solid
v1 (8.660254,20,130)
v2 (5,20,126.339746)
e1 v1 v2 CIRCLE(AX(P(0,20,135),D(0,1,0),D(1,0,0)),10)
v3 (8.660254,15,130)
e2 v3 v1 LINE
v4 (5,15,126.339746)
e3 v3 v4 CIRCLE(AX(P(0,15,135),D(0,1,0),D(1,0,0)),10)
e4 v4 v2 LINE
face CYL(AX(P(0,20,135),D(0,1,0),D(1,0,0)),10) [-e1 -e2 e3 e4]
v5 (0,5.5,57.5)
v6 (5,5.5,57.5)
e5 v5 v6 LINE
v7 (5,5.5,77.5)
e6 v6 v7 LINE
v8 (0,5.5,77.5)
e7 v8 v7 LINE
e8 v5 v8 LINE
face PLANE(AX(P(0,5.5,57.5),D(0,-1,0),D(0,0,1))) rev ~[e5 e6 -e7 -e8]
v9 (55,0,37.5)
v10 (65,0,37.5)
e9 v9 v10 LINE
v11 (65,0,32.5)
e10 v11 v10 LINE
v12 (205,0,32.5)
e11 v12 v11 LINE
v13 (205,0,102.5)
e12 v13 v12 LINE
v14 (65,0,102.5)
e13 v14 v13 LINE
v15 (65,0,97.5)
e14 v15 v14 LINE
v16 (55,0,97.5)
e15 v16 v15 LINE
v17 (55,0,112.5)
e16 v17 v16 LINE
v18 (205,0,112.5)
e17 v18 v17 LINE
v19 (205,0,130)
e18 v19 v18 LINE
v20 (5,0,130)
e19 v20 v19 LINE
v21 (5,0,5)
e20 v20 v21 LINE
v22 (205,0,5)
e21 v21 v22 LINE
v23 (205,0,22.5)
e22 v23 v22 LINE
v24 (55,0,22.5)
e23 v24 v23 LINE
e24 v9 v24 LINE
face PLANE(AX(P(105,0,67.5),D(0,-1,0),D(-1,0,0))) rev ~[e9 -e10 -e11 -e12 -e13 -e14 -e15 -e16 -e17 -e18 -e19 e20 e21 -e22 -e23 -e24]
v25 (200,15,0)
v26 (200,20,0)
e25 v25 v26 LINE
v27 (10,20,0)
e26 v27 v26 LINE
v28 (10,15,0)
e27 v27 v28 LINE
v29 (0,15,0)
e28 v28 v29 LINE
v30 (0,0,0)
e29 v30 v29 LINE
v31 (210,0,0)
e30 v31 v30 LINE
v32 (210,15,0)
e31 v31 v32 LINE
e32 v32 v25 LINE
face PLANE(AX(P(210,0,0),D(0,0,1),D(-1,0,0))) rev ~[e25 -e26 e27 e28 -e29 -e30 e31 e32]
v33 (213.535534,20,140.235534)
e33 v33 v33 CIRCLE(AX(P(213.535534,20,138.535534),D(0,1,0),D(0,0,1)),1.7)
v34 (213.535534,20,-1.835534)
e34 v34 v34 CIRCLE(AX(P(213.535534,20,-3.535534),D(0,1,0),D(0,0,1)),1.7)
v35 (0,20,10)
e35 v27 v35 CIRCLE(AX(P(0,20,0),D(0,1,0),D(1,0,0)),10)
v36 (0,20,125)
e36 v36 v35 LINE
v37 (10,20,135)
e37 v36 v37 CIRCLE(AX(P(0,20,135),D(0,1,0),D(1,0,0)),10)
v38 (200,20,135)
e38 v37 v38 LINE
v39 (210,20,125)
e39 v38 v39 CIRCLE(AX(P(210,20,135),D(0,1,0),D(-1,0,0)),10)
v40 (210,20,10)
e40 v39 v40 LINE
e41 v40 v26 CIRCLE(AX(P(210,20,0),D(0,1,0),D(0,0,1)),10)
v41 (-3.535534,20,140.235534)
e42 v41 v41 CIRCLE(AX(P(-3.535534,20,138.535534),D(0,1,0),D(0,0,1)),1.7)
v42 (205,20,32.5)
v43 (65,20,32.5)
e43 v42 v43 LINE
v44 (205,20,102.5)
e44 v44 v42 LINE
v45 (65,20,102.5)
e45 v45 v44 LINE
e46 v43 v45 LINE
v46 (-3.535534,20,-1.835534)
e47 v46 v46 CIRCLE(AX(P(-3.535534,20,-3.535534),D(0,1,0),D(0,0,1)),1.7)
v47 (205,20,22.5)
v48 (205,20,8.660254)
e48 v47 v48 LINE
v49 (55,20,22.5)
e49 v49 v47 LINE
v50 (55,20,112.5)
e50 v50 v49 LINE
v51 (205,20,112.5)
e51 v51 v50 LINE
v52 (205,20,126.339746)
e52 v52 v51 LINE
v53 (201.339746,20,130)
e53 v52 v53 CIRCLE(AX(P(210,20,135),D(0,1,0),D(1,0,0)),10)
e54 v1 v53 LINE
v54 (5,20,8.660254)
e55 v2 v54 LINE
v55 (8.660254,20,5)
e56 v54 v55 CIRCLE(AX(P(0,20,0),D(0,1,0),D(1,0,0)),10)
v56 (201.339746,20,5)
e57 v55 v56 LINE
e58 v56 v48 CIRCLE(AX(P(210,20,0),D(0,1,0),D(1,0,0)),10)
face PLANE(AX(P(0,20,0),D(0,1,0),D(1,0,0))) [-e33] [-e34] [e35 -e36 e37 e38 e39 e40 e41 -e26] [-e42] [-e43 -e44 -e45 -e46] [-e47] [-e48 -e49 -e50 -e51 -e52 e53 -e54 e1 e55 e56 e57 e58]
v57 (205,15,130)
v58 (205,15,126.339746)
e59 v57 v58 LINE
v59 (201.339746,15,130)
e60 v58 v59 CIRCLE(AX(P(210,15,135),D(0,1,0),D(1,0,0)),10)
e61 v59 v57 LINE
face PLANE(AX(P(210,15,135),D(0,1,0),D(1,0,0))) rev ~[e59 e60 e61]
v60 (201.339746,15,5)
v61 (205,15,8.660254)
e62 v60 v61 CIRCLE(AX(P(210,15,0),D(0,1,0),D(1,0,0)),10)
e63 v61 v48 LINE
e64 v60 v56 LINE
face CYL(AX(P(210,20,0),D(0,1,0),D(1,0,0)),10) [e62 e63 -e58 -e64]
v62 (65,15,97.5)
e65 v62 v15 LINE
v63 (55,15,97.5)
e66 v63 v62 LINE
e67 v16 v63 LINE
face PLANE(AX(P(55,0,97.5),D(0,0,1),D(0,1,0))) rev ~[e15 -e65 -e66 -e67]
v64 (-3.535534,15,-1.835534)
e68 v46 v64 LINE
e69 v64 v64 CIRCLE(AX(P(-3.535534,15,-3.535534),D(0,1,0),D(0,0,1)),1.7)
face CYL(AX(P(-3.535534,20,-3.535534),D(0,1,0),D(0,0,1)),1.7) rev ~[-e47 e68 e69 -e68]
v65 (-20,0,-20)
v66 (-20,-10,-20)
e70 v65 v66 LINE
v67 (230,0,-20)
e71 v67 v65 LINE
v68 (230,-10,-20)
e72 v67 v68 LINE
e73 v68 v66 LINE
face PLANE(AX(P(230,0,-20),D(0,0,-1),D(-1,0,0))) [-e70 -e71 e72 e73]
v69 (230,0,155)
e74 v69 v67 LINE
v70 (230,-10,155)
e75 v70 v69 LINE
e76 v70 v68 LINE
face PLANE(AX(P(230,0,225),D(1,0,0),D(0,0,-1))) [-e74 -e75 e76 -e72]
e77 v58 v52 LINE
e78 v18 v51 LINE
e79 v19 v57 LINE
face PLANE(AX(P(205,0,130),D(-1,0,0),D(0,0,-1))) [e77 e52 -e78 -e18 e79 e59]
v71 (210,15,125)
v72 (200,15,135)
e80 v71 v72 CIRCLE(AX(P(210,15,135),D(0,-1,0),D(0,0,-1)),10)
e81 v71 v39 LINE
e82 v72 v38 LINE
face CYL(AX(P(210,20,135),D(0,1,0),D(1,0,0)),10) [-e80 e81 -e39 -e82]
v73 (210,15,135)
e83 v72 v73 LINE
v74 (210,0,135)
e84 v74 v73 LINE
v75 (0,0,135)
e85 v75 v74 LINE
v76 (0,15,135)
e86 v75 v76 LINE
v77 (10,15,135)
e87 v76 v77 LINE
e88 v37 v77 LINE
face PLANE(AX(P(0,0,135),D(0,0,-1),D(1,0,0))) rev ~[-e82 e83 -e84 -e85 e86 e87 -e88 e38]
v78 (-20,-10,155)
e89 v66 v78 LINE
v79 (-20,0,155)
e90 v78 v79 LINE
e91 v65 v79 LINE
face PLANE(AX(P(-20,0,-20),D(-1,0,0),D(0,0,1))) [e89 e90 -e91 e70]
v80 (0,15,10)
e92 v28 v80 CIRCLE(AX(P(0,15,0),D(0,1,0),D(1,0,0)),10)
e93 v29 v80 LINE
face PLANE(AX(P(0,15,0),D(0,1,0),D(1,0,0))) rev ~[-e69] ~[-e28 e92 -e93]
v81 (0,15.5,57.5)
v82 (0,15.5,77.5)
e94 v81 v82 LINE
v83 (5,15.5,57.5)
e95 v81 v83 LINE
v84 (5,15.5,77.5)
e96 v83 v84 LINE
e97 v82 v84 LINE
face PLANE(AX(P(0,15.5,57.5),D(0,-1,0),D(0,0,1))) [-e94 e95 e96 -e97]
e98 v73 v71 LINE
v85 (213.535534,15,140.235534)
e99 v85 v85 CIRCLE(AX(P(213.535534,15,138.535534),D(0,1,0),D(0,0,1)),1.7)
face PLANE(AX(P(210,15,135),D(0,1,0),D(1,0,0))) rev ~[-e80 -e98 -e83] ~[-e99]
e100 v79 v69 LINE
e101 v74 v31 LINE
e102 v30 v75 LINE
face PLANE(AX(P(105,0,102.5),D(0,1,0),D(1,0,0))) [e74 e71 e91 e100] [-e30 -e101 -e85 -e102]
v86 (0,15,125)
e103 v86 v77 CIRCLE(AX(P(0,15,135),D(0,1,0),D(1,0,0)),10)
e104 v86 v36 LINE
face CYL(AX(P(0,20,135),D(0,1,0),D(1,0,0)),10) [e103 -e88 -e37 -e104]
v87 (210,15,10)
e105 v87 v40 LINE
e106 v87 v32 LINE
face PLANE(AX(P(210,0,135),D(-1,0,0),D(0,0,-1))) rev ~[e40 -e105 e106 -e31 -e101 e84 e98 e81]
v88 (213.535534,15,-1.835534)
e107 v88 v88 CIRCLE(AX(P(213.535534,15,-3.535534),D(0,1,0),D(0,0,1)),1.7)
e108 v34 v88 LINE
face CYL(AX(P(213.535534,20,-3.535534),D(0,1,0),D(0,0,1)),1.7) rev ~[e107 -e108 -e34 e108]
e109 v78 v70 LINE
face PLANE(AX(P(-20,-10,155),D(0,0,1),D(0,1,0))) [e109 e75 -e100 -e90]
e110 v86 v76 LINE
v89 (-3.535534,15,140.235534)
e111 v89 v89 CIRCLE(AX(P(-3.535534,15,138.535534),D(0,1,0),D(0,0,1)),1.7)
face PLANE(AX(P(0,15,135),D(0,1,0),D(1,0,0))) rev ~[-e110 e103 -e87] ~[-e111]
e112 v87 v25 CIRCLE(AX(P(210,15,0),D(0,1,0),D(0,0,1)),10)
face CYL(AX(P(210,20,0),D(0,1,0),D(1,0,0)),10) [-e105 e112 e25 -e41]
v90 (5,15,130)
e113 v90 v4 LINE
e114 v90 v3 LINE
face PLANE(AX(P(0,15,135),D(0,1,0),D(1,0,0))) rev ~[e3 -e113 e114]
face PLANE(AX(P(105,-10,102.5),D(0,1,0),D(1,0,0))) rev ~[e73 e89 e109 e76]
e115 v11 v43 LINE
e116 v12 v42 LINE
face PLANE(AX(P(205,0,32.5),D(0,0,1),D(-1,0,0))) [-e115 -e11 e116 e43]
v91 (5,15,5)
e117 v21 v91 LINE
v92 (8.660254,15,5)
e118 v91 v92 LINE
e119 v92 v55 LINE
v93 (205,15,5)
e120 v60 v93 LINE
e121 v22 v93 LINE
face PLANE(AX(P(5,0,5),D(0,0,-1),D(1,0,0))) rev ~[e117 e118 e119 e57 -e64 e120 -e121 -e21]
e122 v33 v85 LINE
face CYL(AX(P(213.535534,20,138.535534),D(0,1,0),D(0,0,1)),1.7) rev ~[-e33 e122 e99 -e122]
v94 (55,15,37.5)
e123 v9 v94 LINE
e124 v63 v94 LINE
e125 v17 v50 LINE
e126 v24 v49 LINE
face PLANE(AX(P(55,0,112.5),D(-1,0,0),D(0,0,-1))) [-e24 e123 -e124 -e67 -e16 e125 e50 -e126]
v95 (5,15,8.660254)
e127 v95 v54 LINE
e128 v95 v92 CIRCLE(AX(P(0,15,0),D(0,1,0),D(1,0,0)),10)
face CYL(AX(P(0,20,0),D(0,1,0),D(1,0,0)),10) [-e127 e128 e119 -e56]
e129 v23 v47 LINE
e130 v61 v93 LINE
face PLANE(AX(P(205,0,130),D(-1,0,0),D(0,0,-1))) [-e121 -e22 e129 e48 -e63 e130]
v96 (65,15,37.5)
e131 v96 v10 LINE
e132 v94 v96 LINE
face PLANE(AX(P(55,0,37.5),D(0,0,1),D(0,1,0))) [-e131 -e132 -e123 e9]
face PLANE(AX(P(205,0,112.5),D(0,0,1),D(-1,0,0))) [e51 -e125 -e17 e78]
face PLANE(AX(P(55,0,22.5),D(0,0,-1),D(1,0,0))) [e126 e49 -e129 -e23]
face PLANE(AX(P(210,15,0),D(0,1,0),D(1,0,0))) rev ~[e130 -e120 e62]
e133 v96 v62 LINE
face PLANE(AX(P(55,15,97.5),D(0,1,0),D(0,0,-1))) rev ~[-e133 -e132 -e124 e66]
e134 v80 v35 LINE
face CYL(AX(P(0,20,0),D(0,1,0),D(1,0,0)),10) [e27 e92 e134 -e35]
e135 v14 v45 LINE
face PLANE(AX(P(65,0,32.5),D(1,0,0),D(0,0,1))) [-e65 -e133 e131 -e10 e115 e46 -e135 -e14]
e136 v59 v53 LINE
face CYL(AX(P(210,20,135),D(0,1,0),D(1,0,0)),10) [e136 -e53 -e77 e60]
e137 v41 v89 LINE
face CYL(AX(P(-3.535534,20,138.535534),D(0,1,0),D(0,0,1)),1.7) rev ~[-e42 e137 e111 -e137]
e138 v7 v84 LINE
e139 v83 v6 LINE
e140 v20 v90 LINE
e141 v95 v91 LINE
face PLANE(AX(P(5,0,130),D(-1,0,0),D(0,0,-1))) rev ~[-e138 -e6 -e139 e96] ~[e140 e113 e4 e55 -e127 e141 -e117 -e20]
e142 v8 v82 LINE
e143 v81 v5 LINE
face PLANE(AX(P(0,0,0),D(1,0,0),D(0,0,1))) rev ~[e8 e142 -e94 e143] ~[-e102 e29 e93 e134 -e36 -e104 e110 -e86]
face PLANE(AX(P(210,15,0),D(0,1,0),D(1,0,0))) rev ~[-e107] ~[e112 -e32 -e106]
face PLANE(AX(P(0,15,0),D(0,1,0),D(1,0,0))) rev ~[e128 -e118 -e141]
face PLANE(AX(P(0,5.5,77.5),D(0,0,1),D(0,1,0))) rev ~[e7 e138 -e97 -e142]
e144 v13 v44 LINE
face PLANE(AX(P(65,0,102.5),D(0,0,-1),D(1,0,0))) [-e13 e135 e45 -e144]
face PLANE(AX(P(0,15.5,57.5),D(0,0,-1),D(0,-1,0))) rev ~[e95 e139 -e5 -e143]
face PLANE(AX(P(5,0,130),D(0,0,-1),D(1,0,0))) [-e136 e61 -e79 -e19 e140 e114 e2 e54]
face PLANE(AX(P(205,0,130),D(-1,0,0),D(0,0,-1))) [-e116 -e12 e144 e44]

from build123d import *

# Parameters (mm, degrees)
SKETCH1_W           = 200
SKETCH1_H           = 125
BOSS_EXTRUDE3_DEPTH = 40
BOSS_EXTRUDE4_DEPTH = 10
EXTRUDE_THIN1_DEPTH = 40
SKETCH5_W           = 30
SKETCH5_H           = 15
CUT_EXTRUDE2_DEPTH  = 40
SKETCH6_W           = 210
SKETCH6_H           = 135
CUT_EXTRUDE3_DEPTH  = 20
SKETCH7_R           = 10
BOSS_EXTRUDE5_DEPTH = 5
SKETCH8_R           = 1.7
CUT_EXTRUDE5_DEPTH  = 5
SKETCH9_W           = 10
SKETCH9_H           = 5
CUT_EXTRUDE6_DEPTH  = 10
SKETCH10_W          = 230
SKETCH10_H          = 155
BOSS_EXTRUDE6_DEPTH = 10
SKETCH12_W          = 70
SKETCH12_H          = 10
CUT_EXTRUDE7_DEPTH  = 250


with BuildPart() as part:
    # Sketch1 → Boss-Extrude3 (new body)
    with BuildSketch(Plane(origin=(0, 0, 0), x_dir=(1, 0, 0), z_dir=(0, 1, 0))):
        Polygon((5, 0), (0, 0), (0, -135), (210, -135), (210, 0), align=None)
        with Locations((105, -67.5)):
            Rectangle(SKETCH1_W, SKETCH1_H, mode=Mode.SUBTRACT)
    extrude(amount=BOSS_EXTRUDE3_DEPTH)

    # Sketch3 → Boss-Extrude4 (add)
    with BuildSketch(Plane(origin=(0, 0, 0), x_dir=(-1, 0, 0), z_dir=(0, -1, 0))):
        Polygon((-220, -145), (0, -145), (10, -145), (10, 10), (-220, 10), align=None)
    extrude(amount=BOSS_EXTRUDE4_DEPTH)

    # Sketch4 → Extrude-Thin1 (add)
    with BuildSketch(Plane(origin=(0, 0, 0), x_dir=(1, 0, 0), z_dir=(0, 1, 0))):
        Polygon((205, -32.5), (65, -32.5), (65, -102.5), (205, -102.5), (205, -112.5), (55, -112.5), (55, -22.5), (205, -22.5), align=None)
    extrude(amount=EXTRUDE_THIN1_DEPTH)

    # Sketch5 → Cut-Extrude2 (cut)
    with BuildSketch(Plane.ZY.offset(-55)):
        with Locations((82.5, 7.5)):
            Rectangle(SKETCH5_W, SKETCH5_H)
        with Locations((52.5, 7.5)):
            Rectangle(SKETCH5_W, SKETCH5_H)
    extrude(amount=-CUT_EXTRUDE2_DEPTH, mode=Mode.SUBTRACT)

    # Sketch6 → Cut-Extrude3 (cut)
    with BuildSketch(Plane(origin=(0, 40, 0), x_dir=(1, 0, 0), z_dir=(0, 1, 0))):
        with Locations((105, -67.5)):
            Rectangle(SKETCH6_W, SKETCH6_H)
    extrude(amount=-CUT_EXTRUDE3_DEPTH, mode=Mode.SUBTRACT)

    # Sketch7 → Boss-Extrude5 (add)
    with BuildSketch(Plane(origin=(0, 20, 0), x_dir=(1, 0, 0), z_dir=(0, 1, 0))):
        Circle(SKETCH7_R)
        with Locations((210, 0)):
            Circle(SKETCH7_R)
        with Locations((210, -135)):
            Circle(SKETCH7_R)
        with Locations((0, -135)):
            Circle(SKETCH7_R)
    extrude(amount=-BOSS_EXTRUDE5_DEPTH)

    # Sketch8 → Cut-Extrude5 (cut)
    with BuildSketch(Plane(origin=(0, 20, 0), x_dir=(1, 0, 0), z_dir=(0, 1, 0))):
        with Locations(Location((-3.535533906, 3.535533906, 0), (0, 0, 270))):
            Circle(SKETCH8_R)
        with Locations(Location((213.535533906, 3.535533906, 0), (0, 0, 270))):
            Circle(SKETCH8_R)
        with Locations(Location((213.535533906, -138.535533906, 0), (0, 0, 270))):
            Circle(SKETCH8_R)
        with Locations(Location((-3.535533906, -138.535533906, 0), (0, 0, 270))):
            Circle(SKETCH8_R)
    extrude(amount=-CUT_EXTRUDE5_DEPTH, mode=Mode.SUBTRACT)

    # Sketch9 → Cut-Extrude6 (cut)
    with BuildSketch(Plane.ZY):
        Polygon((77.5, 15.5), (77.5, 10.5), (67.5, 10.5), (57.5, 10.5), (57.5, 15.5), align=None)
        with Locations((72.5, 8)):
            Rectangle(SKETCH9_W, SKETCH9_H)
        with Locations((62.5, 8)):
            Rectangle(SKETCH9_W, SKETCH9_H)
    extrude(amount=-CUT_EXTRUDE6_DEPTH, mode=Mode.SUBTRACT)

    # Sketch10 → Boss-Extrude6 (add)
    with BuildSketch(Plane(origin=(0, 0, 0), x_dir=(1, 0, 0), z_dir=(0, 1, 0))):
        Polygon((230, 20), (-10, 20), (-20, 20), (-20, -225), (230, -225), align=None)
        with Locations((105, -67.5)):
            Rectangle(SKETCH10_W, SKETCH10_H, mode=Mode.SUBTRACT)
    extrude(amount=-BOSS_EXTRUDE6_DEPTH)

    # Sketch12 → Cut-Extrude7 (cut)
    with BuildSketch(Plane.ZY.offset(20)):
        with Locations((190, -5)):
            Rectangle(SKETCH12_W, SKETCH12_H)
    extrude(amount=-CUT_EXTRUDE7_DEPTH, mode=Mode.SUBTRACT)


solid = part.part
